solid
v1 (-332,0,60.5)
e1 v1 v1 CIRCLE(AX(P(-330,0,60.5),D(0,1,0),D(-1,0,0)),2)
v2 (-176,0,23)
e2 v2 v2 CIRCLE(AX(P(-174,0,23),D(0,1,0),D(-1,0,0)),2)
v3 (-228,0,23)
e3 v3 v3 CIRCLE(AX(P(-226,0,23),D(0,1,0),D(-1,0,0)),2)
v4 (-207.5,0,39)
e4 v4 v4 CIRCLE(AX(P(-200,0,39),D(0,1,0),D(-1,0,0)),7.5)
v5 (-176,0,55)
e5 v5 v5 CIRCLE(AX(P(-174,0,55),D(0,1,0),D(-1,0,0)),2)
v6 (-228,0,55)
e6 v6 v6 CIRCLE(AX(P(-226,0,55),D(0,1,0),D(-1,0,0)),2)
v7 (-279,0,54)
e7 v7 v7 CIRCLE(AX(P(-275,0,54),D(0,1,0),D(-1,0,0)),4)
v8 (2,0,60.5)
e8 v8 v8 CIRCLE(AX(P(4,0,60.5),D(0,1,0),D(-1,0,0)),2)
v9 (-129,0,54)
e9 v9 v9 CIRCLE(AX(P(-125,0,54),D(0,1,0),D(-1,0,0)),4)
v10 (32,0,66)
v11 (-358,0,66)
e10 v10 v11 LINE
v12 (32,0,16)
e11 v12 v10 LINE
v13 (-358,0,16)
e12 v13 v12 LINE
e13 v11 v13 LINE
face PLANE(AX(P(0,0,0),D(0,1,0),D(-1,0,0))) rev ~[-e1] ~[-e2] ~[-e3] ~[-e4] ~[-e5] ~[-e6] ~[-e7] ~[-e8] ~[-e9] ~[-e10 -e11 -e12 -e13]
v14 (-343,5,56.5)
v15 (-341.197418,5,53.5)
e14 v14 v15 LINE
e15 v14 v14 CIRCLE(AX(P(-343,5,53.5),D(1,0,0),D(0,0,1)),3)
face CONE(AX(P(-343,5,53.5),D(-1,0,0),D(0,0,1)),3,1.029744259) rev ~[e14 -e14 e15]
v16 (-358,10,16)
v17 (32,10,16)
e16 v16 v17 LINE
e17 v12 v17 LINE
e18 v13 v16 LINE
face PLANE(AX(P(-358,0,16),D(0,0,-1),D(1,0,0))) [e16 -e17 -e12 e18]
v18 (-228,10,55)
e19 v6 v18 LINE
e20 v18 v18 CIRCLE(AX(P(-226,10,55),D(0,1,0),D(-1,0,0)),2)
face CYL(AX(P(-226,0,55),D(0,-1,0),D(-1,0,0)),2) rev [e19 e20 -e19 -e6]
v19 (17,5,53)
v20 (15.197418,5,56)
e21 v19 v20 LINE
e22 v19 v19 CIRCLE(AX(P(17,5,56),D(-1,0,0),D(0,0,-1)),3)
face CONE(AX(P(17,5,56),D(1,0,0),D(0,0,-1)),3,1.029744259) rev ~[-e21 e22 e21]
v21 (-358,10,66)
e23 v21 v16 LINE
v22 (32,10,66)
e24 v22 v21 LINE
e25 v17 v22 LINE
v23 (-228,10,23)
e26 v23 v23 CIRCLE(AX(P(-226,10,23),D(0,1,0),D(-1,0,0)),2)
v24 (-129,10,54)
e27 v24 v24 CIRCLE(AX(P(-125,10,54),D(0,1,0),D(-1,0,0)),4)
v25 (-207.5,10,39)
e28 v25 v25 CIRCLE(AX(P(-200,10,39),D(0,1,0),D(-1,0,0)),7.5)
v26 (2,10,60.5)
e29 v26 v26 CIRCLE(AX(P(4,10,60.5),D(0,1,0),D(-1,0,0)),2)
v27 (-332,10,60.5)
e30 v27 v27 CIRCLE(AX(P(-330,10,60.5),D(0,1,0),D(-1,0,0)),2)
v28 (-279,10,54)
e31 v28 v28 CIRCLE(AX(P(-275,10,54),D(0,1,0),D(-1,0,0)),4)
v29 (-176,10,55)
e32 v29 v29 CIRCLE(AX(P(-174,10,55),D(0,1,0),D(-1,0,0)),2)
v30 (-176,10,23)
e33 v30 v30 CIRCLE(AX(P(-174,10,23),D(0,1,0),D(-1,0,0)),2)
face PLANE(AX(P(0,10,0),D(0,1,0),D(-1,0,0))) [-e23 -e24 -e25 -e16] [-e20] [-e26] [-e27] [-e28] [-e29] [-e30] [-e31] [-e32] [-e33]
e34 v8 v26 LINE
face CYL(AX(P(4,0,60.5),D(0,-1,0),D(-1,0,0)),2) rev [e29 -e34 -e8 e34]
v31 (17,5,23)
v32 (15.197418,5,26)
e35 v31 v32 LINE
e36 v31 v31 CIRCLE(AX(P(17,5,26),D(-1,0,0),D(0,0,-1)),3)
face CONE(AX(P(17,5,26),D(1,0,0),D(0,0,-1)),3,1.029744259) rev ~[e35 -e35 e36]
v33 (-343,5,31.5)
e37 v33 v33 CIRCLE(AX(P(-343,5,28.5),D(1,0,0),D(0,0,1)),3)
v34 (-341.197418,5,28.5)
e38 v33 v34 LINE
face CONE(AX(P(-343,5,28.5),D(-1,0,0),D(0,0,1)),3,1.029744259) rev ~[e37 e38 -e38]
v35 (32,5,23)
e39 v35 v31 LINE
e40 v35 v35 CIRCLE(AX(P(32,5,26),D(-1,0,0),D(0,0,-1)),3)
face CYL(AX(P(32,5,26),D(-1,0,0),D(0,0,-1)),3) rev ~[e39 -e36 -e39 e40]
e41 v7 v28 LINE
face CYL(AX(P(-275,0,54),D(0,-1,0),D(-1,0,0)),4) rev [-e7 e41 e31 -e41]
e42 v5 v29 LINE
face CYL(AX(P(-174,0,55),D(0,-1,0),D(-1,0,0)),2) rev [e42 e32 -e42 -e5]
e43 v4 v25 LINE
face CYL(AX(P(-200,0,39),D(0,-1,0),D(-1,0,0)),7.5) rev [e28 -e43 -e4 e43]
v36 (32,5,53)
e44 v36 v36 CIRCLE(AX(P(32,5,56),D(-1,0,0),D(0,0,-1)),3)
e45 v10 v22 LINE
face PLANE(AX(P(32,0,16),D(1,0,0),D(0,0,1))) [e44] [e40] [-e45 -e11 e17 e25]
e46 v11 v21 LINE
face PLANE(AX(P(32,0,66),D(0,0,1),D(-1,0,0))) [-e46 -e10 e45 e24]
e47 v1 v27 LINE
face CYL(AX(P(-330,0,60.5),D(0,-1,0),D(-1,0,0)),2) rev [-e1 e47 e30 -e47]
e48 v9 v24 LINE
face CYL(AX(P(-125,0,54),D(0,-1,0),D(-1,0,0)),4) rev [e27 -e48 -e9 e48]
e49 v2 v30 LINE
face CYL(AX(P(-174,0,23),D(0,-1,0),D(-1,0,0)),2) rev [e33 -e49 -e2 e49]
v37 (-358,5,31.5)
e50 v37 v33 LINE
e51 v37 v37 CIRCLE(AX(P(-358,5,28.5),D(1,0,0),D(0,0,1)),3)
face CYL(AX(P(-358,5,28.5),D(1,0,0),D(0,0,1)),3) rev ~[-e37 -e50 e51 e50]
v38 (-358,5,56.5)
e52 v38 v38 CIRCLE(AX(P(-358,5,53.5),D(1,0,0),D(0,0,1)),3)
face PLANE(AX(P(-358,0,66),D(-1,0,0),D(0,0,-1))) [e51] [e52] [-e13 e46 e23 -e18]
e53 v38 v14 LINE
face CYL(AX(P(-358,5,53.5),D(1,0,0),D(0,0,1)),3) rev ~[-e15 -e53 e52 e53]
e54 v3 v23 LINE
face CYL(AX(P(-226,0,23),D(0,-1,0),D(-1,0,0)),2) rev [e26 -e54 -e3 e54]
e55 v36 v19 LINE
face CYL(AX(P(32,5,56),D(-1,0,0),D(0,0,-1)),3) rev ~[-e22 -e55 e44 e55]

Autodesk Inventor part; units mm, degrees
ref_plane "YZ Plane" through (0, 0, 0) normal (1, 0, 0) x (0, 1, 0)
ref_plane "XZ Plane" through (0, 0, 0) normal (0, 1, 0) x (-1, 0, 0)
ref_plane "XY Plane" through (0, 0, 0) normal (0, 0, 1) x (1, 0, 0)
sketch "Boceto1" plane through (0, 0, 0) normal (0, 1, 0) x (-1, 0, 0)
  line L0 (-32, 16) -> (-32, 66)
  line L1 (-32, 66) -> (358, 66)
  line L2 (358, 66) -> (358, 16)
  line L3 (358, 16) -> (-32, 16)
  circle A0 centre (200, 39) radius 7.5
  circle A1 centre (275, 54) radius 4
  circle A2 centre (125, 54) radius 4
  line L4 (179, 60) -> (179, 18)
  line L5 (179, 18) -> (221, 18)
  line L6 (221, 18) -> (221, 60)
  line L7 (221, 60) -> (179, 60)
  circle A3 centre (184.5, 54.5) radius 2
  circle A4 centre (215.5, 54.5) radius 2
  circle A5 centre (215.5, 23.5) radius 2
  circle A6 centre (184.5, 23.5) radius 2
  circle A7 centre (174, 55) radius 2
  line L8 (169, 60) -> (179, 60)
  line L9 (200, 39) -> (195, 39)
  line L10 (195, 39) -> (200, 39)
  line L11 (200, 60) -> (200, 61)
  circle A8 centre (226, 55) radius 2
  line L12 (231, 60) -> (221, 60)
  circle A9 centre (174, 23) radius 2
  line L13 (169, 18) -> (179, 18)
  circle A10 centre (226, 23) radius 2
  line L14 (231, 18) -> (221, 18)
  circle A11 centre (330, 60.5) radius 2
  circle A12 centre (-4, 60.5) radius 2
  point P0 (0, 0)
  dimension "d0" = 50
  dimension "d1" = 390
  dimension "d2" = 15
  dimension "d4" = 8
  dimension "d5" = 8
  dimension "d6" = 15
  dimension "d7" = 75
  dimension "d8" = 75
  dimension "d91" = 4
  dimension "d92" = 4
  dimension "d93" = 4
  dimension "d94" = 4
  dimension "d95" = 31
  dimension "d96" = 31
  dimension "d97" = 31
  dimension "d98" = 31
  dimension "d99" = 5.5
  dimension "d100" = 5.5
  dimension "d101" = 5.5
  dimension "d102" = 5.5
  dimension "d103" = 5.5
  dimension "d104" = 5.5
  dimension "d106" = 4
  dimension "d112" = 5
  dimension "d113" = 5
  dimension "d115" = 42
  dimension "d116" = 12
  dimension "d117" = 12
  dimension "d142" = 4
  dimension "d143" = 4
  dimension "d144" = 5.5
  dimension "d145" = 157
  dimension "d146" = 28
  dimension "d147" = 5.5
  dimension "d148" = 28
extrude "Extrusión1" add sketch "Boceto1" along normal blind 10 contours L0 L1 L2 L3 | L7 L6 L5 L4 | A3 | A4 | A5 | A6
sketch "Boceto6" plane through (32, 0, 66) normal (1, 0, 0) x (0, 0, -1)
  line L0 (0, 0) -> (0, 10) projected
  line L1 (0, 5) -> (50, 5)
  line L2 (50, 0) -> (50, 10) projected
  line L3 (50, 5) -> (40, 5)
  line L4 (0, 5) -> (10, 5)
  circle A0 centre (10, 5) radius 3
  circle A1 centre (40, 5) radius 3
  point P0 (66, 0)
  dimension "d35" = 10
  dimension "d36" = 6
  dimension "d37" = 6
  dimension "d119" = 10
hole "Agujero1" at (32, 5, 56) at (32, 5, 26) direction (-1, 0, 0) diameter 6 depth 15 tip angle 118
sketch "Boceto8" plane through (-358, 0, 16) normal (-1, 0, 0) x (0, 0, 1)
  line L0 (50, 0) -> (50, 10) projected
  line L1 (50, 5) -> (37.5, 5)
  line L2 (37.5, 5) -> (12.5, 5)
  circle A0 centre (40, 5) radius 3 projected
  circle A1 centre (40, 5) radius 3
  circle A2 centre (12.5, 5) radius 3
  point P0 (-16, 0)
  dimension "d58" = 12.5
  dimension "d59" = 25
  dimension "d60" = 6
  dimension "d61" = 6
hole "Agujero3" at (-358, 5, 53.5) at (-358, 5, 28.5) direction (1, 0, 0) diameter 6 depth 15 tip angle 118
thread "Rosca1" size "M6x1" class "6H" standard "ISO Metric profile" length 430
thread "Rosca2" size "M6x1" class "6H" standard "ISO Metric profile" length 430
thread "Rosca3" size "M6x1" class "6H" standard "ISO Metric profile" length 430
thread "Rosca4" size "M6x1" class "6H" standard "ISO Metric profile" length 430
thread "Rosca5" size "M4x0.7" class "6H" standard "ISO Metric profile" length 22
thread "Rosca6" size "M4x0.7" class "6H" standard "ISO Metric profile" length 22
thread "Rosca7" size "M4x0.7" class "6H" standard "ISO Metric profile" length 22
thread "Rosca8" size "M4x0.7" class "6H" standard "ISO Metric profile" length 922
thread "Rosca9" size "M4x0.7" class "6H" standard "ISO Metric profile" length 100
thread "Rosca10" size "M4x0.7" class "6H" standard "ISO Metric profile" length 100
equation "\"d35\" = d119"
properties part number "Culata" material "Aluminio 6061"
